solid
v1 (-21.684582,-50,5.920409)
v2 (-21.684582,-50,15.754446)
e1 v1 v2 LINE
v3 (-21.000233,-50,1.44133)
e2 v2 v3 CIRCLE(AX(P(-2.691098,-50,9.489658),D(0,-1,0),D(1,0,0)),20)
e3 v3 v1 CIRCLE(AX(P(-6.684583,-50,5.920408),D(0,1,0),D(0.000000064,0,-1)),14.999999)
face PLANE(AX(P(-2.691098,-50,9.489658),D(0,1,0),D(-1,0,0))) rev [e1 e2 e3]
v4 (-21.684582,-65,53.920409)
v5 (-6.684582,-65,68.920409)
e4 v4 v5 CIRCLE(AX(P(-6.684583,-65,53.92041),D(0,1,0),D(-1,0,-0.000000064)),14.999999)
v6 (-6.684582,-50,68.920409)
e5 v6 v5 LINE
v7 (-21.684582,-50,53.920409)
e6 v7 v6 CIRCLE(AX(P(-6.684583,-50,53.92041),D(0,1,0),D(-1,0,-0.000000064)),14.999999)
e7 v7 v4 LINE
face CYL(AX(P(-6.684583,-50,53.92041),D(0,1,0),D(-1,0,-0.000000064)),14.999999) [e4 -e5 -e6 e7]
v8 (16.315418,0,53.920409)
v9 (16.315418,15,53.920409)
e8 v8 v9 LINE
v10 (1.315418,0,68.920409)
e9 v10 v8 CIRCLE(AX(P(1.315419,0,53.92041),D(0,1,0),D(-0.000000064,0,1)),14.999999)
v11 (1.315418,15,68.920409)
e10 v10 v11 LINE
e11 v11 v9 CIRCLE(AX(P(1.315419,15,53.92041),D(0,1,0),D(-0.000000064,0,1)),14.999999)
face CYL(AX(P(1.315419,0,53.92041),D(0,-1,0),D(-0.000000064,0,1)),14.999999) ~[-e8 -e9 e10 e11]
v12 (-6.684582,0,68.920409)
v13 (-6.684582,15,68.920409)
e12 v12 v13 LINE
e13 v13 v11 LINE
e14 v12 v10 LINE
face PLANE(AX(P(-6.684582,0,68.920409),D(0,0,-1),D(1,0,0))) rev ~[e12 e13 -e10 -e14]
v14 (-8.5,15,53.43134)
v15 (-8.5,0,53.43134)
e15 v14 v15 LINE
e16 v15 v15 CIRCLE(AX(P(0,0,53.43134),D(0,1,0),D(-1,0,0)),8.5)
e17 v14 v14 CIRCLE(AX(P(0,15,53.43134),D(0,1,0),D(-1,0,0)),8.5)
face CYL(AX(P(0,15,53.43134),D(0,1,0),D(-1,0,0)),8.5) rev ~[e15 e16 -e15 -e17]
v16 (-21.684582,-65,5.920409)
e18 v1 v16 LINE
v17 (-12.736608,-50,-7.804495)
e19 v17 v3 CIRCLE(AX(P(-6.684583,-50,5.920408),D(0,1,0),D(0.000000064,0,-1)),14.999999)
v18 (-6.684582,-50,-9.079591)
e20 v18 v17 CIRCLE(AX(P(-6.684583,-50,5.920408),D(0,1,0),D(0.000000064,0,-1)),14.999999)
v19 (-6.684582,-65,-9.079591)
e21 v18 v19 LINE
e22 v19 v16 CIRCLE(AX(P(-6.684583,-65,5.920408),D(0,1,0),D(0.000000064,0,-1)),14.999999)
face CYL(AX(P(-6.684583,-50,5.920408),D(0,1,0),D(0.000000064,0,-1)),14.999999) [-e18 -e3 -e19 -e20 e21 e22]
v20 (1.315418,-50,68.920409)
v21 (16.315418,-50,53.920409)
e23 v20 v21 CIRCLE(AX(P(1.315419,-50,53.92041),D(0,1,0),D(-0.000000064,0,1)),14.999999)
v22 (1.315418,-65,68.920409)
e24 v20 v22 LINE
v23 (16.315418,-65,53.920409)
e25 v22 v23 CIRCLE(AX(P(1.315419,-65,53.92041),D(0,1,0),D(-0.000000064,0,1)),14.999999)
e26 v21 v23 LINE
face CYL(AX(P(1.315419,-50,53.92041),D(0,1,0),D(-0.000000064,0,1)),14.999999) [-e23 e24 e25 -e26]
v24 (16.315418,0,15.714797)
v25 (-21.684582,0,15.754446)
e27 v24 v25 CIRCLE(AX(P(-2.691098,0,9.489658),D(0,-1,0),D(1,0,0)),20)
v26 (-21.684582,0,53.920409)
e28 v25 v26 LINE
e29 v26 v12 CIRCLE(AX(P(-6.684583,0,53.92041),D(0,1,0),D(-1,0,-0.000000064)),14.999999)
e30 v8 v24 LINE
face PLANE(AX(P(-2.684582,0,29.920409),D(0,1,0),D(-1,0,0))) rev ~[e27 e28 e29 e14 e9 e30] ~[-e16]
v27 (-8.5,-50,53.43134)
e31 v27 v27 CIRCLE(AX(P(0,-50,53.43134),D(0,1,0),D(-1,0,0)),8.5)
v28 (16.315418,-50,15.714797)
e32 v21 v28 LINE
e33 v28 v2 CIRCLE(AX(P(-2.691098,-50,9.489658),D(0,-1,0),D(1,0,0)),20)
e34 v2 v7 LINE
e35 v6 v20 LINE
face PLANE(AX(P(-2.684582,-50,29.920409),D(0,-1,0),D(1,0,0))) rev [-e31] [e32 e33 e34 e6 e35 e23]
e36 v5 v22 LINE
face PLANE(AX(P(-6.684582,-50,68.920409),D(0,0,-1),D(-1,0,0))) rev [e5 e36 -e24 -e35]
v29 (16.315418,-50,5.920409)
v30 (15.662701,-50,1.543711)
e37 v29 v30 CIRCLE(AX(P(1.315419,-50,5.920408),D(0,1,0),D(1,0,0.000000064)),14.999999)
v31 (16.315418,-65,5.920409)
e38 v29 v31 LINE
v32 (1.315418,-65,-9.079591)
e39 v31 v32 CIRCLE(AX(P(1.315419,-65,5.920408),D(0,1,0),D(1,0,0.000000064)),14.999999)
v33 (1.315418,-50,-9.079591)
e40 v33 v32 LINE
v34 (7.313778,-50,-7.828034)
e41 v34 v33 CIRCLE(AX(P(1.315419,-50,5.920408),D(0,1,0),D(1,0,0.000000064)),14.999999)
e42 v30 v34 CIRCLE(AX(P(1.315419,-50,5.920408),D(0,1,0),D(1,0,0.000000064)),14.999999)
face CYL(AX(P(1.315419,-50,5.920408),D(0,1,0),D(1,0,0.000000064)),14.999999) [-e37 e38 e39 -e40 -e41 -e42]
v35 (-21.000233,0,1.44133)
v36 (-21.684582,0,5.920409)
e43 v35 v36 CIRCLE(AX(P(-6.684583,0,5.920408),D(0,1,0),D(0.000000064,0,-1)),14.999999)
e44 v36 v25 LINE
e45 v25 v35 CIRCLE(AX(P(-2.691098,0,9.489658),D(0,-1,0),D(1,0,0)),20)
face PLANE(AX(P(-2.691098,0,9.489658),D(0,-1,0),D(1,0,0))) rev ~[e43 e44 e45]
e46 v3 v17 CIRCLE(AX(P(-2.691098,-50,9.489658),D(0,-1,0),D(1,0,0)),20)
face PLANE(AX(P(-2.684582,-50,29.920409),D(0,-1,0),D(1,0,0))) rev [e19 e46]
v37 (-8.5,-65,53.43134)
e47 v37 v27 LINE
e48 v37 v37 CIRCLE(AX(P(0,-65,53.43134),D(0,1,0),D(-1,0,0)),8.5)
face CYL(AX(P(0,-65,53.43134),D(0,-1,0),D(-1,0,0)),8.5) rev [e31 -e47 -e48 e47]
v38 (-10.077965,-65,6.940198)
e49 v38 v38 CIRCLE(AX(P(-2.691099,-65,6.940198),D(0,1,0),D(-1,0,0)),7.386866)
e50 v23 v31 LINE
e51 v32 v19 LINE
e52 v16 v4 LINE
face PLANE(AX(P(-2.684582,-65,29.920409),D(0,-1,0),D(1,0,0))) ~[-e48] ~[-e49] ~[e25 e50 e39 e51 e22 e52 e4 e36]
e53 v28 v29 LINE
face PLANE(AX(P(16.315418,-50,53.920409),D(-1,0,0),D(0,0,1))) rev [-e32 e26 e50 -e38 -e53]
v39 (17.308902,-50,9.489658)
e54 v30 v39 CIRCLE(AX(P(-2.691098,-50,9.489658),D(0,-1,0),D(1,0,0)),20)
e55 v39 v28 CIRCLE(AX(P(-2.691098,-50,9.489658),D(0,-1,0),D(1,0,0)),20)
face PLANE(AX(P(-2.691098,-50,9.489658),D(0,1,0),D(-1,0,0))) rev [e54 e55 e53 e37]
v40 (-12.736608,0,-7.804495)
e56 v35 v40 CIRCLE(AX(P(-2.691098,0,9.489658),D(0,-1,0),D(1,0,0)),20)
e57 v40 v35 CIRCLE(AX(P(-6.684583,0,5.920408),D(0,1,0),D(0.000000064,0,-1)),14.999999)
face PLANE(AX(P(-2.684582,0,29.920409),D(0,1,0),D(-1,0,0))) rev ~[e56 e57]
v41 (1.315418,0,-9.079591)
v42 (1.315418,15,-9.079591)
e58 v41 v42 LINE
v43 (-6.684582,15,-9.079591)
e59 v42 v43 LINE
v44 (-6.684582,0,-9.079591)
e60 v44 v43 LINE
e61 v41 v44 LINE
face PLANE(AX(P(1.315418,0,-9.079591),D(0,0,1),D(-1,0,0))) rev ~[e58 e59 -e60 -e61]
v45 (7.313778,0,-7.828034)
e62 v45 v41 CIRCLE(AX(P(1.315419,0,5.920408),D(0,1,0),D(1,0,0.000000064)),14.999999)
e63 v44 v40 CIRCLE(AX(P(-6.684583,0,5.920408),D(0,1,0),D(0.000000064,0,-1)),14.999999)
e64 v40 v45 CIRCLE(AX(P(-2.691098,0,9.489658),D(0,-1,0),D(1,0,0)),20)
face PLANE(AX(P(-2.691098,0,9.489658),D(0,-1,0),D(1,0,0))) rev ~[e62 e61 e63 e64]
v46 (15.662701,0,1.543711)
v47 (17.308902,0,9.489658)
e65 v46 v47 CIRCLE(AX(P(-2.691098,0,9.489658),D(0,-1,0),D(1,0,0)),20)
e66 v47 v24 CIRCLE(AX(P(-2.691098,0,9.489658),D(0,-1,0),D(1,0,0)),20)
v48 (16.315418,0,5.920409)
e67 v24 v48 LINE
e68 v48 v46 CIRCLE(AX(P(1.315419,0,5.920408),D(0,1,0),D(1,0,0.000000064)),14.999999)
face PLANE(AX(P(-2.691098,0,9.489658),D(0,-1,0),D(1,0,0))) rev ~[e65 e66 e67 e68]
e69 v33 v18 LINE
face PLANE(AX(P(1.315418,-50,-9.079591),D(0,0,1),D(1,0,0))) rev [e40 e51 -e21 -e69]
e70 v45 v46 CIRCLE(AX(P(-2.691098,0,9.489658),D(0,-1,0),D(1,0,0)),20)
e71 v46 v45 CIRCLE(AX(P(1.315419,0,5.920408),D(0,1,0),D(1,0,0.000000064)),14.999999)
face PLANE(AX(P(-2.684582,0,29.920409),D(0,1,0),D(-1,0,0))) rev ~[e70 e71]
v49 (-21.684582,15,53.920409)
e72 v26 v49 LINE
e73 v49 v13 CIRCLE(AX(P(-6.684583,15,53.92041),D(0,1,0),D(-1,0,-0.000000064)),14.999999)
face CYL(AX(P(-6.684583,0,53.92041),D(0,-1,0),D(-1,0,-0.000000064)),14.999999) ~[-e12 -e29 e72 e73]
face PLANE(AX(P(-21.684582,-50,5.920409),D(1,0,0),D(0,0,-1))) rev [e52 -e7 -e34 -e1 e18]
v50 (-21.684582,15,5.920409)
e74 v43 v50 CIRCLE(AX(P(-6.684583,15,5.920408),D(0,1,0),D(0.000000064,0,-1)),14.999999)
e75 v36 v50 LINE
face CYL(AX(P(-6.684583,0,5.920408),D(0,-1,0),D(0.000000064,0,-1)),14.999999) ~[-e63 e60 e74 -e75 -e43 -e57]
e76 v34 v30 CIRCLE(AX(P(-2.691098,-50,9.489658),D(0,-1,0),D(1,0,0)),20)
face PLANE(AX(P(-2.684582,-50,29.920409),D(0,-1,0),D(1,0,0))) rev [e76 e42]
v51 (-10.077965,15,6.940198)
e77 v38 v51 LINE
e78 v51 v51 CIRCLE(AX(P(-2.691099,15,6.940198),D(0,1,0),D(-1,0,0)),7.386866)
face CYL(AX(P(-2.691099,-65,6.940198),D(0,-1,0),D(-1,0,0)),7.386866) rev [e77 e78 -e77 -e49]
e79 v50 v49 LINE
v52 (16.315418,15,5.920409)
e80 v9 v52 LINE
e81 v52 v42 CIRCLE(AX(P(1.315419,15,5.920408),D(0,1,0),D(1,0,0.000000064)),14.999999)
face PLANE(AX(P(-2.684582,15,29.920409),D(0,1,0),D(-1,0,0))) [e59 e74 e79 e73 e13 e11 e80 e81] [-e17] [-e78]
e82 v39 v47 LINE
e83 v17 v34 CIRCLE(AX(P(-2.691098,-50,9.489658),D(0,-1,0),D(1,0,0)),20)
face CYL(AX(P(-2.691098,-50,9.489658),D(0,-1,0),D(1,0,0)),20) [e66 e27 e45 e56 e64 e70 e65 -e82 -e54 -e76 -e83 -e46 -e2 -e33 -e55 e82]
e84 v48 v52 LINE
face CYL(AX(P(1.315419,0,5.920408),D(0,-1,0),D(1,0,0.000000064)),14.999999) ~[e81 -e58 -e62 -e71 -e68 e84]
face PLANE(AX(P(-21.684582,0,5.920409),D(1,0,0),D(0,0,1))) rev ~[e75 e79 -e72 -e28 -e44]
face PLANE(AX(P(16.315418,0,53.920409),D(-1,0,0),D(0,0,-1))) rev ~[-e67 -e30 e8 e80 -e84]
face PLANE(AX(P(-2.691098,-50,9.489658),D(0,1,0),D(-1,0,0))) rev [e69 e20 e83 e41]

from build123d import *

# Parameters (mm, degrees)
F0_R     = 20
F1_DEPTH = 25
F3_DEPTH = 15
F4_R     = 7.386866
F5_DEPTH = 125
F6_R     = 8.5
F7_DEPTH = 25


with BuildPart() as f1:
    # F0 (on Front) → F1 (new body)
    with BuildSketch(Plane.XZ):
        with Locations((-2.691098, 9.489658)):
            Circle(F0_R)
    extrude(amount=F1_DEPTH)

    # F2 (on face) → F3 (join)
    with BuildSketch(Plane(origin=(0, 0, 0), x_dir=(-1, 0, 0), z_dir=(0, 1, 0))):
        with BuildLine():
            ThreePointArc((-16.315418, 5.920409), (-11.92202, -4.686193), (-1.315418, -9.079591))
            Line((-1.315418, -9.079591), (6.684582, -9.079591))
            ThreePointArc((6.684582, -9.079591), (17.291184, -4.686193), (21.684582, 5.920409))
            Line((21.684582, 5.920409), (21.684582, 53.920409))
            ThreePointArc((21.684582, 53.920409), (17.291184, 64.527011), (6.684582, 68.920409))
            Line((6.684582, 68.920409), (-1.315418, 68.920409))
            ThreePointArc((-1.315418, 68.920409), (-11.92202, 64.527011), (-16.315418, 53.920409))
            Line((-16.315418, 53.920409), (-16.315418, 5.920409))
        make_face()
    extrude(amount=F3_DEPTH)

    # F4 (on face) → F5 (cut)
    with BuildSketch(Plane(origin=(0, 15, 0), x_dir=(-1, 0, 0), z_dir=(0, 1, 0))):
        with Locations((2.691099, 6.940198)):
            Circle(F4_R)
    extrude(amount=-F5_DEPTH, mode=Mode.SUBTRACT)

    # F6 (on face) → F7 (cut)
    with BuildSketch(Plane(origin=(0, 15, 0), x_dir=(-1, 0, 0), z_dir=(0, 1, 0))):
        with Locations((0, 53.43134)):
            Circle(F6_R)
    extrude(amount=-F7_DEPTH, mode=Mode.SUBTRACT)

    # F8: F1 across face


with BuildPart() as f1_1:
    add(f1.part)
    add(f1.part.mirror(Plane(origin=(-2.691098, -25, 9.892378), x_dir=(1, 0, 0), z_dir=(0, -1, 0))))


solid = f1_1.part
